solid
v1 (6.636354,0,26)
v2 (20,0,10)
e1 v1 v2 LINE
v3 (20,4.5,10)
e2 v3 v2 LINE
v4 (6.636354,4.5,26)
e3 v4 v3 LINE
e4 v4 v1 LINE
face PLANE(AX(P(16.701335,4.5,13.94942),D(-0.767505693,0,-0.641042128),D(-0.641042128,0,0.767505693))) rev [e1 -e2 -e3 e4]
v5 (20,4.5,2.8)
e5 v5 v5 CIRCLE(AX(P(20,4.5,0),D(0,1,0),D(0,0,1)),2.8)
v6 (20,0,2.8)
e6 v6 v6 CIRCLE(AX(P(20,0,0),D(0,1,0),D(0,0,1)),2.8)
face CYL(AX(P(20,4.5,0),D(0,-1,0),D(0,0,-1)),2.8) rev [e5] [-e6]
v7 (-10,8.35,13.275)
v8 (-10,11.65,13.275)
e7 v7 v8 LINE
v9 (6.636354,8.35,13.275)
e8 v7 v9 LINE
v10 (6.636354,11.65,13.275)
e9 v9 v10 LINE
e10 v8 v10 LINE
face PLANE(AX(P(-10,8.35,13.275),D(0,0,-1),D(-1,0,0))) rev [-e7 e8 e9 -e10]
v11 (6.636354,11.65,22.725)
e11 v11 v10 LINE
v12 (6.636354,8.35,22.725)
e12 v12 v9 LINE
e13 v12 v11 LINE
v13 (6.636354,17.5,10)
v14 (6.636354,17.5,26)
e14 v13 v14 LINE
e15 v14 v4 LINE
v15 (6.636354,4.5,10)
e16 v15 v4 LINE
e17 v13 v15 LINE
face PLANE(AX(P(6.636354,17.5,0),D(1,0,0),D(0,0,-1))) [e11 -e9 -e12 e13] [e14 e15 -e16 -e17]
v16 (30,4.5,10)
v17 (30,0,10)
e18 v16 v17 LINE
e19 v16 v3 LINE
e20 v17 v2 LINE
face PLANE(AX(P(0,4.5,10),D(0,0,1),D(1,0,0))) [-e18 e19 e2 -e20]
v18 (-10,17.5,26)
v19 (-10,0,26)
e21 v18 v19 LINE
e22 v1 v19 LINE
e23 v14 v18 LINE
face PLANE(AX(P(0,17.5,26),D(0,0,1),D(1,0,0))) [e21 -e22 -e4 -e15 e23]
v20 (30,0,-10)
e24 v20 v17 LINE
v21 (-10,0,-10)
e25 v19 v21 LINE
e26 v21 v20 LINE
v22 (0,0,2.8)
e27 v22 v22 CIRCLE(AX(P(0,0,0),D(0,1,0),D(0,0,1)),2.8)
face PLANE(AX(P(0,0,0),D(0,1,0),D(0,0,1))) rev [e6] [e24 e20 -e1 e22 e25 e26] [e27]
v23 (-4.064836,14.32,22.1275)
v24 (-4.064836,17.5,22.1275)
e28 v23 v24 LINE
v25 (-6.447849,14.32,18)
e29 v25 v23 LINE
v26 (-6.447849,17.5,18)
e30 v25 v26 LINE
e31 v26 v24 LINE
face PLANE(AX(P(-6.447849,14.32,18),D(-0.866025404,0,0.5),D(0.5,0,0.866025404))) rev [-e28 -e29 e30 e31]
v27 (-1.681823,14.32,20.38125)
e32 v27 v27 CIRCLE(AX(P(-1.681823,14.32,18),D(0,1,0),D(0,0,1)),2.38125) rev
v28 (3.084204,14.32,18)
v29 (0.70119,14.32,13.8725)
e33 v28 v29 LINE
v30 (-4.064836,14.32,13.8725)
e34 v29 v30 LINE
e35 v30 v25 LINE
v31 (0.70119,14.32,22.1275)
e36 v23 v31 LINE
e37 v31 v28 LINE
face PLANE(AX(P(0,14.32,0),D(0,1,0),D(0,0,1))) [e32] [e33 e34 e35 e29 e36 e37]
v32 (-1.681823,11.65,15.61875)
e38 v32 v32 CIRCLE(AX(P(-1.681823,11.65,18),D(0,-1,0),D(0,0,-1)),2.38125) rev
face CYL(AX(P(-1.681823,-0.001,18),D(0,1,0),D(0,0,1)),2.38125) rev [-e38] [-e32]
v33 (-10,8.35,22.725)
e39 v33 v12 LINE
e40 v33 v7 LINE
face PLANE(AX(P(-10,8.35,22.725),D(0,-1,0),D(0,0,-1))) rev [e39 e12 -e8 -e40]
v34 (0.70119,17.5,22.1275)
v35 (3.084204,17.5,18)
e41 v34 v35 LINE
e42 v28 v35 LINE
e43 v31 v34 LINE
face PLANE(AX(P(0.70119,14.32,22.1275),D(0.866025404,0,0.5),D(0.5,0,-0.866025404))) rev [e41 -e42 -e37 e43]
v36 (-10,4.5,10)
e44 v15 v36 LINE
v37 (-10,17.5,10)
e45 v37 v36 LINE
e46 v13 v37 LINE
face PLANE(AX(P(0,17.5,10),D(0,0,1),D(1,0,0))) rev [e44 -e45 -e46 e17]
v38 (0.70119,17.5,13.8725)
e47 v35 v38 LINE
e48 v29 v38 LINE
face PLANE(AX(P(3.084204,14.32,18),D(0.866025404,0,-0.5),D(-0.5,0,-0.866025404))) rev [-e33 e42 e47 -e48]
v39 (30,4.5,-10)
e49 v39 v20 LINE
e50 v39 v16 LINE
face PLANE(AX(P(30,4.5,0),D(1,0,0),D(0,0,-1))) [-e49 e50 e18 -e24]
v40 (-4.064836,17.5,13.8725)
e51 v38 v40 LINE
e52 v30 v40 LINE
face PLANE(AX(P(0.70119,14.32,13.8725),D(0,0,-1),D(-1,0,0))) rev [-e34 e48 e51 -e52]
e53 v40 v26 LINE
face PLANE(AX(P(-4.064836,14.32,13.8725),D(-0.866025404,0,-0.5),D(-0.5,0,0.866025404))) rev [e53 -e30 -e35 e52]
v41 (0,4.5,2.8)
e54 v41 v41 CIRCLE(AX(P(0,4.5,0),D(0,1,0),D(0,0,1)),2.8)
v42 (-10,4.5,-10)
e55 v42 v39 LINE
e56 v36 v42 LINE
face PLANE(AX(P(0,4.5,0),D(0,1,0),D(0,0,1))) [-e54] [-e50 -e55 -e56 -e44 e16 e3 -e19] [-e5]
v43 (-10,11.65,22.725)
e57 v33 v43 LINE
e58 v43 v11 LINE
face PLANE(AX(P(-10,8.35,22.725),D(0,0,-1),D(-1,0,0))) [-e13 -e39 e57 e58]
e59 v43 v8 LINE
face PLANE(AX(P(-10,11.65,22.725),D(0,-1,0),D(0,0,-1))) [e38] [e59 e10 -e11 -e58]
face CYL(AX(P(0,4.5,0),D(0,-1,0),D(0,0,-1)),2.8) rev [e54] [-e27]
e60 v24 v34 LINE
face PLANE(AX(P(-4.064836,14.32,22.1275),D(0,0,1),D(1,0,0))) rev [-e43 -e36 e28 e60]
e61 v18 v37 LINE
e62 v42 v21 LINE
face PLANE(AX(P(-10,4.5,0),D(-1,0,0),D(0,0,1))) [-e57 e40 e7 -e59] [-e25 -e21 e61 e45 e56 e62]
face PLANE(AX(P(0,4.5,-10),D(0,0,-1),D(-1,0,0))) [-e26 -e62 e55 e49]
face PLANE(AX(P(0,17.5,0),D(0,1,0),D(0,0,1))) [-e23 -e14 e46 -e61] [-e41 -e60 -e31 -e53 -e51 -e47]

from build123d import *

# Parameters (mm, degrees)
SKETCH1_R           = 2.8
BOSS_EXTRUDE1_DEPTH = 4.5
SKETCH1_3_W         = 16.636354437
SKETCH1_3_H         = 16
BOSS_EXTRUDE2_DEPTH = 17.5
SKETCH2_W           = 9.45
SKETCH2_H           = 3.3
CUT_EXTRUDE1_DEPTH  = 40.091046724
CUT_EXTRUDE2_DEPTH  = 3.18
CUT_EXTRUDE3_REACH  = 45.385
SKETCH5_3_R         = 2.38125


with BuildPart() as part:
    # Sketch1 → Boss-Extrude1 (new body)
    with BuildSketch(Plane(origin=(0, 0, 0), x_dir=(1, 0, 0), z_dir=(0, 1, 0))):
        Polygon((30, 10), (-10, 10), (-10, -10), (6.636354437, -10), (6.636354437, -26), (20, -10), (30, -10), align=None)
        Circle(SKETCH1_R, mode=Mode.SUBTRACT)
        with Locations((20, 0)):
            Circle(SKETCH1_R, mode=Mode.SUBTRACT)
    extrude(amount=BOSS_EXTRUDE1_DEPTH)

    # Sketch1<3> → Boss-Extrude2 (add)
    with BuildSketch(Plane(origin=(0, 0, 0), x_dir=(1, 0, 0), z_dir=(0, 1, 0))):
        with Locations((-1.681822781, -18)):
            Rectangle(SKETCH1_3_W, SKETCH1_3_H)
    extrude(amount=BOSS_EXTRUDE2_DEPTH)

    # Sketch2 → Cut-Extrude1 (cut, through all)
    with BuildSketch(Plane(origin=(6.636354437, 0, 0), x_dir=(0, 0, -1), z_dir=(1, 0, 0))):
        with Locations((-18, 10)):
            Rectangle(SKETCH2_W, SKETCH2_H)
    extrude(amount=-CUT_EXTRUDE1_DEPTH, mode=Mode.SUBTRACT)

    # Sketch5 → Cut-Extrude2 (cut)
    with BuildSketch(Plane(origin=(0, 17.5, 0), x_dir=(1, 0, 0), z_dir=(0, 1, 0))):
        Polygon((0.701190454, -13.8725), (-4.064836018, -13.8725), (-6.447849254, -18), (-4.064836018, -22.1275), (0.701190454, -22.1275), (3.08420369, -18), align=None)
    extrude(amount=-CUT_EXTRUDE2_DEPTH, mode=Mode.SUBTRACT)

    # Sketch5<3> → Cut-Extrude3 (cut, up to next)
    with BuildSketch(Plane(origin=(0, 17.5, 0), x_dir=(1, 0, 0), z_dir=(0, 1, 0)), mode=Mode.PRIVATE) as cut_extrude3_sk1:
        with Locations((-1.681822782, -18)):
            Circle(SKETCH5_3_R)
    cut_extrude3_tool1 = extrude(cut_extrude3_sk1.sketch, amount=-CUT_EXTRUDE3_REACH, mode=Mode.PRIVATE) & part.part
    add(cut_extrude3_tool1.solids().sort_by_distance((-1.681823, 17.5, 18))[0], mode=Mode.SUBTRACT)


solid = part.part
